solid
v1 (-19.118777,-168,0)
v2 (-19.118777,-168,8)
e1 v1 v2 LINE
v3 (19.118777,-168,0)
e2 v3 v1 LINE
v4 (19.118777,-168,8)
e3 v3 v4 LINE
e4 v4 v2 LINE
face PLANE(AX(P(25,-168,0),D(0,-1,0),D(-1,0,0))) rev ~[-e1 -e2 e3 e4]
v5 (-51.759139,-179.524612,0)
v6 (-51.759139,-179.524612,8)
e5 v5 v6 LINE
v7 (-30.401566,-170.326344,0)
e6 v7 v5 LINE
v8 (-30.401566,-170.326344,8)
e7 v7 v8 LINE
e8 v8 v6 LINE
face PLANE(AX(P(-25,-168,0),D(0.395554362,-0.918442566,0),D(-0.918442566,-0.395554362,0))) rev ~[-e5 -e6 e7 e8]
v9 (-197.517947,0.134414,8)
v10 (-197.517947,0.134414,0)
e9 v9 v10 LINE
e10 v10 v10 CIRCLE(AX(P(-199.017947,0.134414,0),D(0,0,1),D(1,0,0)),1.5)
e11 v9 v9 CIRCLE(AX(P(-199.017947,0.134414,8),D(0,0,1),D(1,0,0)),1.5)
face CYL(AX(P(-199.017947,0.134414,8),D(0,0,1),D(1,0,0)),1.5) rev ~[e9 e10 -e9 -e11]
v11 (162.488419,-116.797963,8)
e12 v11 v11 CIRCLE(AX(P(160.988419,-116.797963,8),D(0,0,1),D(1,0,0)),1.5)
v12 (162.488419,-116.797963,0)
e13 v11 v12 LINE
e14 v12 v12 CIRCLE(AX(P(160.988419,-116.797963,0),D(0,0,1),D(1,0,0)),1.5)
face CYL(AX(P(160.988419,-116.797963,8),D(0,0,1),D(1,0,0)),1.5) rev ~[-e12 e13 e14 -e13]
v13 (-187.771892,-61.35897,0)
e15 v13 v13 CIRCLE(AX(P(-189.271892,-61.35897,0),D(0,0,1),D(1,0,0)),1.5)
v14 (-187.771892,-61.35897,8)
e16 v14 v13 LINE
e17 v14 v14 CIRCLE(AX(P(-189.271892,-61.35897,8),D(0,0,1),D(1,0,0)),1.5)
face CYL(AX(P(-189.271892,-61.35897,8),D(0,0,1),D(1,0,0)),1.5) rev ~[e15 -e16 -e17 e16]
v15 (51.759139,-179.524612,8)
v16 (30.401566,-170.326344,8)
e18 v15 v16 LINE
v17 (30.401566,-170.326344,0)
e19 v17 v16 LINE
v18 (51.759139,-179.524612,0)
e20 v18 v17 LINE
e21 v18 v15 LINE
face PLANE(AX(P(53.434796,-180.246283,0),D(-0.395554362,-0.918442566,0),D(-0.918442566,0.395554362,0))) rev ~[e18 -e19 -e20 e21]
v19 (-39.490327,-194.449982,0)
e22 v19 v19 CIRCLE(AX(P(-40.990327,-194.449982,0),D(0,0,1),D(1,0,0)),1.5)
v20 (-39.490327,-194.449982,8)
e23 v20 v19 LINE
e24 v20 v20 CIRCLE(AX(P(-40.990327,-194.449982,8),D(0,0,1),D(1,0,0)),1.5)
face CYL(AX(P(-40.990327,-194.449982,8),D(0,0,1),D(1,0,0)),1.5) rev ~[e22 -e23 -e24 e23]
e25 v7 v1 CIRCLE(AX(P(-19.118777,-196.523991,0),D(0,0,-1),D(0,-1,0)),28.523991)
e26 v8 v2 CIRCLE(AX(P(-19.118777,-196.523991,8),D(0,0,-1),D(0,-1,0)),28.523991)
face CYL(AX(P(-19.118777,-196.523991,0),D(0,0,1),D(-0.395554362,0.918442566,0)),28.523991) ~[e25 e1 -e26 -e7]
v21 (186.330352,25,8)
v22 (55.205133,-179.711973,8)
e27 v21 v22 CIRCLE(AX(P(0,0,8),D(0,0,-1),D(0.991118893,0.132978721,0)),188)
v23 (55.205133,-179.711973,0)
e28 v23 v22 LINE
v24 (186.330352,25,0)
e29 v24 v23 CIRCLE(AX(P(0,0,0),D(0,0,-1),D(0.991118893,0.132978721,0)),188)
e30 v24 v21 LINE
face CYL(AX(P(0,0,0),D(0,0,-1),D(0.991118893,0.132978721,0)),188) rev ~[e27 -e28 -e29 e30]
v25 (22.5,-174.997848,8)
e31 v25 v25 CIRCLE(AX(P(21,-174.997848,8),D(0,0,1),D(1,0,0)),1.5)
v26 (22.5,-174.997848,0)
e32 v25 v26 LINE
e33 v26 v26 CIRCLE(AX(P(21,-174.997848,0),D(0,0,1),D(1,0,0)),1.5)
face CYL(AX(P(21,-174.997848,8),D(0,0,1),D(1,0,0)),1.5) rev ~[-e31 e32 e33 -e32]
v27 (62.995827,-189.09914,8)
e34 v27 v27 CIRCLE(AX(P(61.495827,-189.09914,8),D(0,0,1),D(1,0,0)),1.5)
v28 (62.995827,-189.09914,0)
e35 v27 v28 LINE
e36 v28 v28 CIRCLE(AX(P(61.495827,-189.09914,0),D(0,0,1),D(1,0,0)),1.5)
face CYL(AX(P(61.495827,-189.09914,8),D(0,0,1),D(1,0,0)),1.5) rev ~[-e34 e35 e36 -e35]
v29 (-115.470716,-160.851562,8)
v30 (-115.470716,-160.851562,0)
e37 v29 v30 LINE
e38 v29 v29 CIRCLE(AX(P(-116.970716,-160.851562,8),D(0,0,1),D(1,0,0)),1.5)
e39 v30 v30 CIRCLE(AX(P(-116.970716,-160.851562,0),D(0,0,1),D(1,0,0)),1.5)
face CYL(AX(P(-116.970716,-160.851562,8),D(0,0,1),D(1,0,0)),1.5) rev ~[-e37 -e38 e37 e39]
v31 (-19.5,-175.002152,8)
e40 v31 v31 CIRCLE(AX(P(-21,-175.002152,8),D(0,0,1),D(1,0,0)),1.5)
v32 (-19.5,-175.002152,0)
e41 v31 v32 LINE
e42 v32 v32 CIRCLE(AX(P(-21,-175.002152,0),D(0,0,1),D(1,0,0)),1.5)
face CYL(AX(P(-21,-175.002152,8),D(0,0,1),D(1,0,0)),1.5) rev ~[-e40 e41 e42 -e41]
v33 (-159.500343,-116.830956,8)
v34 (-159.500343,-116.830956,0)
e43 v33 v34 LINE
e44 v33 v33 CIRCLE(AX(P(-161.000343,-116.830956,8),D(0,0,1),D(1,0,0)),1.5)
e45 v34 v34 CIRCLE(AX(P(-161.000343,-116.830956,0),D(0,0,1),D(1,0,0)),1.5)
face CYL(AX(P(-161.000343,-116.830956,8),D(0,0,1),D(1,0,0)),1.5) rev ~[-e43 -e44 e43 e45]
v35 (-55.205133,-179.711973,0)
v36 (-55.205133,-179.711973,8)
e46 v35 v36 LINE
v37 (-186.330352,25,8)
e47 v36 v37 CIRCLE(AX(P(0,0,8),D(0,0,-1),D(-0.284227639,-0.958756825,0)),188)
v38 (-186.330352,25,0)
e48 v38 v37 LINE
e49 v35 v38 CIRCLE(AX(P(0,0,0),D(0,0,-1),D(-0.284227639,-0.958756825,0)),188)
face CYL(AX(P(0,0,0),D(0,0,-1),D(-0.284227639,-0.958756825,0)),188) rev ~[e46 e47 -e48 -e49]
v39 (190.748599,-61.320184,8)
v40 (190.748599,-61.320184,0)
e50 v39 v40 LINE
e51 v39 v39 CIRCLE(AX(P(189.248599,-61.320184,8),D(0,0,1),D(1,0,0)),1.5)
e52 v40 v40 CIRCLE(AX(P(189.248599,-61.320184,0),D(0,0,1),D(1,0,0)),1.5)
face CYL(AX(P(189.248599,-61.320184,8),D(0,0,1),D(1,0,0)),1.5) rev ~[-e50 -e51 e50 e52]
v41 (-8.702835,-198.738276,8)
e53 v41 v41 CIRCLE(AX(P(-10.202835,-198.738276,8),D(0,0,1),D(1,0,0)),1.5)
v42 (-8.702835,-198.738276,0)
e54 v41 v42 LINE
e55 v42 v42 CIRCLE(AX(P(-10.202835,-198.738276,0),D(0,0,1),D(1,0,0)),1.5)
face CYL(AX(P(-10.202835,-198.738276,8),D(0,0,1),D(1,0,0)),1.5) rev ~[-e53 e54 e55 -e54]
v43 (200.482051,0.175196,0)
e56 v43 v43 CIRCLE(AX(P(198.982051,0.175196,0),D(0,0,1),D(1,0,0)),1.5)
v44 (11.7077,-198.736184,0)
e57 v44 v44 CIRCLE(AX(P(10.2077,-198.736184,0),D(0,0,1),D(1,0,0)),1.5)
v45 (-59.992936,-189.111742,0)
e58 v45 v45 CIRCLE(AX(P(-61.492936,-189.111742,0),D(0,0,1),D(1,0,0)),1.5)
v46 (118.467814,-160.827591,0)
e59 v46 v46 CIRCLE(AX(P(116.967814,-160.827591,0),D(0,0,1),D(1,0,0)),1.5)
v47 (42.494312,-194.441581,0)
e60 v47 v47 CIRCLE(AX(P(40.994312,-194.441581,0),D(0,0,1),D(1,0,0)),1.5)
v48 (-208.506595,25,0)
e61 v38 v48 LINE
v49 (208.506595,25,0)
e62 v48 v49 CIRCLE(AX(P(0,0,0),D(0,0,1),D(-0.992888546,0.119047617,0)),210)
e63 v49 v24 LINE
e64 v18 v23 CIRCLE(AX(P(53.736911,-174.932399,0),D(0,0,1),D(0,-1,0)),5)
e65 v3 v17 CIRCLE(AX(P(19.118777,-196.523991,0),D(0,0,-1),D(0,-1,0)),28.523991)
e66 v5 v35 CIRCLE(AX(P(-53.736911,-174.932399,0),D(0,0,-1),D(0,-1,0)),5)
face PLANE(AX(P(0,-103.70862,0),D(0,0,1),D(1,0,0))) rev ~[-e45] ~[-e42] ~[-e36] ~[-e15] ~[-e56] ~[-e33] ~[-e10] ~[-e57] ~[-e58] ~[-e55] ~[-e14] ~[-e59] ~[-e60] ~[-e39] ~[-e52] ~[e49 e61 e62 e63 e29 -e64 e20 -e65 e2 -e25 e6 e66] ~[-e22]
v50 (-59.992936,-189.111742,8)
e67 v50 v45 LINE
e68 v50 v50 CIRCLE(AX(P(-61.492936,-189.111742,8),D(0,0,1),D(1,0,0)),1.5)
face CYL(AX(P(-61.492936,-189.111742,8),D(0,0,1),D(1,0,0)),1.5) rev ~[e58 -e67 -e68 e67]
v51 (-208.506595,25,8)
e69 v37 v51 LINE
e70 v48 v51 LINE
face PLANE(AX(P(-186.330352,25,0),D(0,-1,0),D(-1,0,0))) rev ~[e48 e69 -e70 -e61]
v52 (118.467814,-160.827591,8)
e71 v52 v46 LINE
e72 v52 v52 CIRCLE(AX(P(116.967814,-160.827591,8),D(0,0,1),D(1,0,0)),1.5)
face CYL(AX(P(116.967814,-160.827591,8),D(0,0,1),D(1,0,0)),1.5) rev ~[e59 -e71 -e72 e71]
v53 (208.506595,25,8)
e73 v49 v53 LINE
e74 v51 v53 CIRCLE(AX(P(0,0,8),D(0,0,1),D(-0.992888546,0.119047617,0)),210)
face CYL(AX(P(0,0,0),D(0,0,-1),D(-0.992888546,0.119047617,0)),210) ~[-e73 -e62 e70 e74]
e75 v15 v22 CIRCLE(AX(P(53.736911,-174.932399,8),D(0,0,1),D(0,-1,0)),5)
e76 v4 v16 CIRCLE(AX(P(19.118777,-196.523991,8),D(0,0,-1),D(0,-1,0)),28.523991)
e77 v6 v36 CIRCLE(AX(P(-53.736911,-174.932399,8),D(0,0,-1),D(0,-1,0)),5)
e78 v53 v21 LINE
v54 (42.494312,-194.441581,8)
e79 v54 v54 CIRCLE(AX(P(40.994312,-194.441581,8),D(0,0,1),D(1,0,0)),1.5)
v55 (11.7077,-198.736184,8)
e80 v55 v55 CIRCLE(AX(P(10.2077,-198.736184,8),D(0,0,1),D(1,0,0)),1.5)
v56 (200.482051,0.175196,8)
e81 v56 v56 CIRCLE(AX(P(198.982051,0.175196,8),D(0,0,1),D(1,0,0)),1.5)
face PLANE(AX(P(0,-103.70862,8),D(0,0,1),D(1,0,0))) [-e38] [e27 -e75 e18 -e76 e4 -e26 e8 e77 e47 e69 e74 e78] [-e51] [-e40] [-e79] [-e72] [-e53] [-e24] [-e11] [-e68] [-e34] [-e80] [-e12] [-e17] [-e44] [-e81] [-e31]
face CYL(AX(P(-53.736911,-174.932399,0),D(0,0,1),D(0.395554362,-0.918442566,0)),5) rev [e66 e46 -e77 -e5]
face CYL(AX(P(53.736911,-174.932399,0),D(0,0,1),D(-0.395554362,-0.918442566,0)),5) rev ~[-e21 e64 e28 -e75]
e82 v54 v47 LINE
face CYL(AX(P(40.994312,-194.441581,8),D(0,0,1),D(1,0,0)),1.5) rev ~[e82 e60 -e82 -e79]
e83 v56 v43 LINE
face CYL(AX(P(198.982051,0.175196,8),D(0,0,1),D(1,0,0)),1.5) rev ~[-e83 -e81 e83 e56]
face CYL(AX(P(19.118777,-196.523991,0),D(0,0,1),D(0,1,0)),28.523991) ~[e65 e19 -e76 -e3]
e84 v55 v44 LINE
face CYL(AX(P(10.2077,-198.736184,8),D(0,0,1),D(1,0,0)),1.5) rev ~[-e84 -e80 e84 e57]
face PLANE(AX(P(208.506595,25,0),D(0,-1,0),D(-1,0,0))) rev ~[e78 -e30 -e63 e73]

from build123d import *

# Parameters (mm, degrees)
F1_DEPTH = 8
F2_R     = 1.5
F3_DEPTH = 8.001
F4_R     = 28.523991
F5_R     = 5


with BuildPart() as f1:
    # F0 (on Top) → F1 (new body)
    with BuildSketch(Plane.XY):
        with BuildLine():
            ThreePointArc((-53.434796, -180.246283), (-157.807923, -102.179545), (-186.330352, 25))
            Line((-186.330352, 25), (-208.506595, 25))
            ThreePointArc((-208.506595, 25), (0, -210), (208.506595, 25))
            Line((208.506595, 25), (186.330352, 25))
            ThreePointArc((186.330352, 25), (157.807923, -102.179545), (53.434796, -180.246283))
            Line((53.434796, -180.246283), (25, -168))
            Line((25, -168), (0, -168))
            Line((0, -168), (-25, -168))
            Line((-25, -168), (-53.434796, -180.246283))
        make_face()
    extrude(amount=F1_DEPTH)

    # F2 (on face) → F3 (cut, through all)
    with BuildSketch(Plane.XY.offset(8)):
        with Locations((-61.492936, -189.111742)):
            Circle(F2_R)
        with Locations((-116.970716, -160.851562)):
            Circle(F2_R)
        with Locations((-161.000343, -116.830956)):
            Circle(F2_R)
        with Locations((-189.271892, -61.35897)):
            Circle(F2_R)
        with Locations((-199.017947, 0.134414)):
            Circle(F2_R)
        with Locations((61.495827, -189.09914)):
            Circle(F2_R)
        with Locations((116.967814, -160.827591)):
            Circle(F2_R)
        with Locations((160.988419, -116.797963)):
            Circle(F2_R)
        with Locations((189.248599, -61.320184)):
            Circle(F2_R)
        with Locations((198.982051, 0.175196)):
            Circle(F2_R)
        with Locations((-21, -175.002152)):
            Circle(F2_R)
        with Locations((-40.990327, -194.449982)):
            Circle(F2_R)
        with Locations((-10.202835, -198.738276)):
            Circle(F2_R)
        with Locations((21, -174.997848)):
            Circle(F2_R)
        with Locations((10.2077, -198.736184)):
            Circle(F2_R)
        with Locations((40.994312, -194.441581)):
            Circle(F2_R)
    extrude(amount=-F3_DEPTH, mode=Mode.SUBTRACT)

    # F4
    f4_edges = [f1.edges().sort_by_distance(p)[0] for p in [
        (25, -168, 4),
        (-25, -168, 4),
    ]]
    fillet(f4_edges, radius=F4_R)

    # F5
    f5_edges = [f1.edges().sort_by_distance(p)[0] for p in [
        (53.434796, -180.246283, 4),
        (-53.434796, -180.246283, 4),
    ]]
    fillet(f5_edges, radius=F5_R)


solid = f1.part
